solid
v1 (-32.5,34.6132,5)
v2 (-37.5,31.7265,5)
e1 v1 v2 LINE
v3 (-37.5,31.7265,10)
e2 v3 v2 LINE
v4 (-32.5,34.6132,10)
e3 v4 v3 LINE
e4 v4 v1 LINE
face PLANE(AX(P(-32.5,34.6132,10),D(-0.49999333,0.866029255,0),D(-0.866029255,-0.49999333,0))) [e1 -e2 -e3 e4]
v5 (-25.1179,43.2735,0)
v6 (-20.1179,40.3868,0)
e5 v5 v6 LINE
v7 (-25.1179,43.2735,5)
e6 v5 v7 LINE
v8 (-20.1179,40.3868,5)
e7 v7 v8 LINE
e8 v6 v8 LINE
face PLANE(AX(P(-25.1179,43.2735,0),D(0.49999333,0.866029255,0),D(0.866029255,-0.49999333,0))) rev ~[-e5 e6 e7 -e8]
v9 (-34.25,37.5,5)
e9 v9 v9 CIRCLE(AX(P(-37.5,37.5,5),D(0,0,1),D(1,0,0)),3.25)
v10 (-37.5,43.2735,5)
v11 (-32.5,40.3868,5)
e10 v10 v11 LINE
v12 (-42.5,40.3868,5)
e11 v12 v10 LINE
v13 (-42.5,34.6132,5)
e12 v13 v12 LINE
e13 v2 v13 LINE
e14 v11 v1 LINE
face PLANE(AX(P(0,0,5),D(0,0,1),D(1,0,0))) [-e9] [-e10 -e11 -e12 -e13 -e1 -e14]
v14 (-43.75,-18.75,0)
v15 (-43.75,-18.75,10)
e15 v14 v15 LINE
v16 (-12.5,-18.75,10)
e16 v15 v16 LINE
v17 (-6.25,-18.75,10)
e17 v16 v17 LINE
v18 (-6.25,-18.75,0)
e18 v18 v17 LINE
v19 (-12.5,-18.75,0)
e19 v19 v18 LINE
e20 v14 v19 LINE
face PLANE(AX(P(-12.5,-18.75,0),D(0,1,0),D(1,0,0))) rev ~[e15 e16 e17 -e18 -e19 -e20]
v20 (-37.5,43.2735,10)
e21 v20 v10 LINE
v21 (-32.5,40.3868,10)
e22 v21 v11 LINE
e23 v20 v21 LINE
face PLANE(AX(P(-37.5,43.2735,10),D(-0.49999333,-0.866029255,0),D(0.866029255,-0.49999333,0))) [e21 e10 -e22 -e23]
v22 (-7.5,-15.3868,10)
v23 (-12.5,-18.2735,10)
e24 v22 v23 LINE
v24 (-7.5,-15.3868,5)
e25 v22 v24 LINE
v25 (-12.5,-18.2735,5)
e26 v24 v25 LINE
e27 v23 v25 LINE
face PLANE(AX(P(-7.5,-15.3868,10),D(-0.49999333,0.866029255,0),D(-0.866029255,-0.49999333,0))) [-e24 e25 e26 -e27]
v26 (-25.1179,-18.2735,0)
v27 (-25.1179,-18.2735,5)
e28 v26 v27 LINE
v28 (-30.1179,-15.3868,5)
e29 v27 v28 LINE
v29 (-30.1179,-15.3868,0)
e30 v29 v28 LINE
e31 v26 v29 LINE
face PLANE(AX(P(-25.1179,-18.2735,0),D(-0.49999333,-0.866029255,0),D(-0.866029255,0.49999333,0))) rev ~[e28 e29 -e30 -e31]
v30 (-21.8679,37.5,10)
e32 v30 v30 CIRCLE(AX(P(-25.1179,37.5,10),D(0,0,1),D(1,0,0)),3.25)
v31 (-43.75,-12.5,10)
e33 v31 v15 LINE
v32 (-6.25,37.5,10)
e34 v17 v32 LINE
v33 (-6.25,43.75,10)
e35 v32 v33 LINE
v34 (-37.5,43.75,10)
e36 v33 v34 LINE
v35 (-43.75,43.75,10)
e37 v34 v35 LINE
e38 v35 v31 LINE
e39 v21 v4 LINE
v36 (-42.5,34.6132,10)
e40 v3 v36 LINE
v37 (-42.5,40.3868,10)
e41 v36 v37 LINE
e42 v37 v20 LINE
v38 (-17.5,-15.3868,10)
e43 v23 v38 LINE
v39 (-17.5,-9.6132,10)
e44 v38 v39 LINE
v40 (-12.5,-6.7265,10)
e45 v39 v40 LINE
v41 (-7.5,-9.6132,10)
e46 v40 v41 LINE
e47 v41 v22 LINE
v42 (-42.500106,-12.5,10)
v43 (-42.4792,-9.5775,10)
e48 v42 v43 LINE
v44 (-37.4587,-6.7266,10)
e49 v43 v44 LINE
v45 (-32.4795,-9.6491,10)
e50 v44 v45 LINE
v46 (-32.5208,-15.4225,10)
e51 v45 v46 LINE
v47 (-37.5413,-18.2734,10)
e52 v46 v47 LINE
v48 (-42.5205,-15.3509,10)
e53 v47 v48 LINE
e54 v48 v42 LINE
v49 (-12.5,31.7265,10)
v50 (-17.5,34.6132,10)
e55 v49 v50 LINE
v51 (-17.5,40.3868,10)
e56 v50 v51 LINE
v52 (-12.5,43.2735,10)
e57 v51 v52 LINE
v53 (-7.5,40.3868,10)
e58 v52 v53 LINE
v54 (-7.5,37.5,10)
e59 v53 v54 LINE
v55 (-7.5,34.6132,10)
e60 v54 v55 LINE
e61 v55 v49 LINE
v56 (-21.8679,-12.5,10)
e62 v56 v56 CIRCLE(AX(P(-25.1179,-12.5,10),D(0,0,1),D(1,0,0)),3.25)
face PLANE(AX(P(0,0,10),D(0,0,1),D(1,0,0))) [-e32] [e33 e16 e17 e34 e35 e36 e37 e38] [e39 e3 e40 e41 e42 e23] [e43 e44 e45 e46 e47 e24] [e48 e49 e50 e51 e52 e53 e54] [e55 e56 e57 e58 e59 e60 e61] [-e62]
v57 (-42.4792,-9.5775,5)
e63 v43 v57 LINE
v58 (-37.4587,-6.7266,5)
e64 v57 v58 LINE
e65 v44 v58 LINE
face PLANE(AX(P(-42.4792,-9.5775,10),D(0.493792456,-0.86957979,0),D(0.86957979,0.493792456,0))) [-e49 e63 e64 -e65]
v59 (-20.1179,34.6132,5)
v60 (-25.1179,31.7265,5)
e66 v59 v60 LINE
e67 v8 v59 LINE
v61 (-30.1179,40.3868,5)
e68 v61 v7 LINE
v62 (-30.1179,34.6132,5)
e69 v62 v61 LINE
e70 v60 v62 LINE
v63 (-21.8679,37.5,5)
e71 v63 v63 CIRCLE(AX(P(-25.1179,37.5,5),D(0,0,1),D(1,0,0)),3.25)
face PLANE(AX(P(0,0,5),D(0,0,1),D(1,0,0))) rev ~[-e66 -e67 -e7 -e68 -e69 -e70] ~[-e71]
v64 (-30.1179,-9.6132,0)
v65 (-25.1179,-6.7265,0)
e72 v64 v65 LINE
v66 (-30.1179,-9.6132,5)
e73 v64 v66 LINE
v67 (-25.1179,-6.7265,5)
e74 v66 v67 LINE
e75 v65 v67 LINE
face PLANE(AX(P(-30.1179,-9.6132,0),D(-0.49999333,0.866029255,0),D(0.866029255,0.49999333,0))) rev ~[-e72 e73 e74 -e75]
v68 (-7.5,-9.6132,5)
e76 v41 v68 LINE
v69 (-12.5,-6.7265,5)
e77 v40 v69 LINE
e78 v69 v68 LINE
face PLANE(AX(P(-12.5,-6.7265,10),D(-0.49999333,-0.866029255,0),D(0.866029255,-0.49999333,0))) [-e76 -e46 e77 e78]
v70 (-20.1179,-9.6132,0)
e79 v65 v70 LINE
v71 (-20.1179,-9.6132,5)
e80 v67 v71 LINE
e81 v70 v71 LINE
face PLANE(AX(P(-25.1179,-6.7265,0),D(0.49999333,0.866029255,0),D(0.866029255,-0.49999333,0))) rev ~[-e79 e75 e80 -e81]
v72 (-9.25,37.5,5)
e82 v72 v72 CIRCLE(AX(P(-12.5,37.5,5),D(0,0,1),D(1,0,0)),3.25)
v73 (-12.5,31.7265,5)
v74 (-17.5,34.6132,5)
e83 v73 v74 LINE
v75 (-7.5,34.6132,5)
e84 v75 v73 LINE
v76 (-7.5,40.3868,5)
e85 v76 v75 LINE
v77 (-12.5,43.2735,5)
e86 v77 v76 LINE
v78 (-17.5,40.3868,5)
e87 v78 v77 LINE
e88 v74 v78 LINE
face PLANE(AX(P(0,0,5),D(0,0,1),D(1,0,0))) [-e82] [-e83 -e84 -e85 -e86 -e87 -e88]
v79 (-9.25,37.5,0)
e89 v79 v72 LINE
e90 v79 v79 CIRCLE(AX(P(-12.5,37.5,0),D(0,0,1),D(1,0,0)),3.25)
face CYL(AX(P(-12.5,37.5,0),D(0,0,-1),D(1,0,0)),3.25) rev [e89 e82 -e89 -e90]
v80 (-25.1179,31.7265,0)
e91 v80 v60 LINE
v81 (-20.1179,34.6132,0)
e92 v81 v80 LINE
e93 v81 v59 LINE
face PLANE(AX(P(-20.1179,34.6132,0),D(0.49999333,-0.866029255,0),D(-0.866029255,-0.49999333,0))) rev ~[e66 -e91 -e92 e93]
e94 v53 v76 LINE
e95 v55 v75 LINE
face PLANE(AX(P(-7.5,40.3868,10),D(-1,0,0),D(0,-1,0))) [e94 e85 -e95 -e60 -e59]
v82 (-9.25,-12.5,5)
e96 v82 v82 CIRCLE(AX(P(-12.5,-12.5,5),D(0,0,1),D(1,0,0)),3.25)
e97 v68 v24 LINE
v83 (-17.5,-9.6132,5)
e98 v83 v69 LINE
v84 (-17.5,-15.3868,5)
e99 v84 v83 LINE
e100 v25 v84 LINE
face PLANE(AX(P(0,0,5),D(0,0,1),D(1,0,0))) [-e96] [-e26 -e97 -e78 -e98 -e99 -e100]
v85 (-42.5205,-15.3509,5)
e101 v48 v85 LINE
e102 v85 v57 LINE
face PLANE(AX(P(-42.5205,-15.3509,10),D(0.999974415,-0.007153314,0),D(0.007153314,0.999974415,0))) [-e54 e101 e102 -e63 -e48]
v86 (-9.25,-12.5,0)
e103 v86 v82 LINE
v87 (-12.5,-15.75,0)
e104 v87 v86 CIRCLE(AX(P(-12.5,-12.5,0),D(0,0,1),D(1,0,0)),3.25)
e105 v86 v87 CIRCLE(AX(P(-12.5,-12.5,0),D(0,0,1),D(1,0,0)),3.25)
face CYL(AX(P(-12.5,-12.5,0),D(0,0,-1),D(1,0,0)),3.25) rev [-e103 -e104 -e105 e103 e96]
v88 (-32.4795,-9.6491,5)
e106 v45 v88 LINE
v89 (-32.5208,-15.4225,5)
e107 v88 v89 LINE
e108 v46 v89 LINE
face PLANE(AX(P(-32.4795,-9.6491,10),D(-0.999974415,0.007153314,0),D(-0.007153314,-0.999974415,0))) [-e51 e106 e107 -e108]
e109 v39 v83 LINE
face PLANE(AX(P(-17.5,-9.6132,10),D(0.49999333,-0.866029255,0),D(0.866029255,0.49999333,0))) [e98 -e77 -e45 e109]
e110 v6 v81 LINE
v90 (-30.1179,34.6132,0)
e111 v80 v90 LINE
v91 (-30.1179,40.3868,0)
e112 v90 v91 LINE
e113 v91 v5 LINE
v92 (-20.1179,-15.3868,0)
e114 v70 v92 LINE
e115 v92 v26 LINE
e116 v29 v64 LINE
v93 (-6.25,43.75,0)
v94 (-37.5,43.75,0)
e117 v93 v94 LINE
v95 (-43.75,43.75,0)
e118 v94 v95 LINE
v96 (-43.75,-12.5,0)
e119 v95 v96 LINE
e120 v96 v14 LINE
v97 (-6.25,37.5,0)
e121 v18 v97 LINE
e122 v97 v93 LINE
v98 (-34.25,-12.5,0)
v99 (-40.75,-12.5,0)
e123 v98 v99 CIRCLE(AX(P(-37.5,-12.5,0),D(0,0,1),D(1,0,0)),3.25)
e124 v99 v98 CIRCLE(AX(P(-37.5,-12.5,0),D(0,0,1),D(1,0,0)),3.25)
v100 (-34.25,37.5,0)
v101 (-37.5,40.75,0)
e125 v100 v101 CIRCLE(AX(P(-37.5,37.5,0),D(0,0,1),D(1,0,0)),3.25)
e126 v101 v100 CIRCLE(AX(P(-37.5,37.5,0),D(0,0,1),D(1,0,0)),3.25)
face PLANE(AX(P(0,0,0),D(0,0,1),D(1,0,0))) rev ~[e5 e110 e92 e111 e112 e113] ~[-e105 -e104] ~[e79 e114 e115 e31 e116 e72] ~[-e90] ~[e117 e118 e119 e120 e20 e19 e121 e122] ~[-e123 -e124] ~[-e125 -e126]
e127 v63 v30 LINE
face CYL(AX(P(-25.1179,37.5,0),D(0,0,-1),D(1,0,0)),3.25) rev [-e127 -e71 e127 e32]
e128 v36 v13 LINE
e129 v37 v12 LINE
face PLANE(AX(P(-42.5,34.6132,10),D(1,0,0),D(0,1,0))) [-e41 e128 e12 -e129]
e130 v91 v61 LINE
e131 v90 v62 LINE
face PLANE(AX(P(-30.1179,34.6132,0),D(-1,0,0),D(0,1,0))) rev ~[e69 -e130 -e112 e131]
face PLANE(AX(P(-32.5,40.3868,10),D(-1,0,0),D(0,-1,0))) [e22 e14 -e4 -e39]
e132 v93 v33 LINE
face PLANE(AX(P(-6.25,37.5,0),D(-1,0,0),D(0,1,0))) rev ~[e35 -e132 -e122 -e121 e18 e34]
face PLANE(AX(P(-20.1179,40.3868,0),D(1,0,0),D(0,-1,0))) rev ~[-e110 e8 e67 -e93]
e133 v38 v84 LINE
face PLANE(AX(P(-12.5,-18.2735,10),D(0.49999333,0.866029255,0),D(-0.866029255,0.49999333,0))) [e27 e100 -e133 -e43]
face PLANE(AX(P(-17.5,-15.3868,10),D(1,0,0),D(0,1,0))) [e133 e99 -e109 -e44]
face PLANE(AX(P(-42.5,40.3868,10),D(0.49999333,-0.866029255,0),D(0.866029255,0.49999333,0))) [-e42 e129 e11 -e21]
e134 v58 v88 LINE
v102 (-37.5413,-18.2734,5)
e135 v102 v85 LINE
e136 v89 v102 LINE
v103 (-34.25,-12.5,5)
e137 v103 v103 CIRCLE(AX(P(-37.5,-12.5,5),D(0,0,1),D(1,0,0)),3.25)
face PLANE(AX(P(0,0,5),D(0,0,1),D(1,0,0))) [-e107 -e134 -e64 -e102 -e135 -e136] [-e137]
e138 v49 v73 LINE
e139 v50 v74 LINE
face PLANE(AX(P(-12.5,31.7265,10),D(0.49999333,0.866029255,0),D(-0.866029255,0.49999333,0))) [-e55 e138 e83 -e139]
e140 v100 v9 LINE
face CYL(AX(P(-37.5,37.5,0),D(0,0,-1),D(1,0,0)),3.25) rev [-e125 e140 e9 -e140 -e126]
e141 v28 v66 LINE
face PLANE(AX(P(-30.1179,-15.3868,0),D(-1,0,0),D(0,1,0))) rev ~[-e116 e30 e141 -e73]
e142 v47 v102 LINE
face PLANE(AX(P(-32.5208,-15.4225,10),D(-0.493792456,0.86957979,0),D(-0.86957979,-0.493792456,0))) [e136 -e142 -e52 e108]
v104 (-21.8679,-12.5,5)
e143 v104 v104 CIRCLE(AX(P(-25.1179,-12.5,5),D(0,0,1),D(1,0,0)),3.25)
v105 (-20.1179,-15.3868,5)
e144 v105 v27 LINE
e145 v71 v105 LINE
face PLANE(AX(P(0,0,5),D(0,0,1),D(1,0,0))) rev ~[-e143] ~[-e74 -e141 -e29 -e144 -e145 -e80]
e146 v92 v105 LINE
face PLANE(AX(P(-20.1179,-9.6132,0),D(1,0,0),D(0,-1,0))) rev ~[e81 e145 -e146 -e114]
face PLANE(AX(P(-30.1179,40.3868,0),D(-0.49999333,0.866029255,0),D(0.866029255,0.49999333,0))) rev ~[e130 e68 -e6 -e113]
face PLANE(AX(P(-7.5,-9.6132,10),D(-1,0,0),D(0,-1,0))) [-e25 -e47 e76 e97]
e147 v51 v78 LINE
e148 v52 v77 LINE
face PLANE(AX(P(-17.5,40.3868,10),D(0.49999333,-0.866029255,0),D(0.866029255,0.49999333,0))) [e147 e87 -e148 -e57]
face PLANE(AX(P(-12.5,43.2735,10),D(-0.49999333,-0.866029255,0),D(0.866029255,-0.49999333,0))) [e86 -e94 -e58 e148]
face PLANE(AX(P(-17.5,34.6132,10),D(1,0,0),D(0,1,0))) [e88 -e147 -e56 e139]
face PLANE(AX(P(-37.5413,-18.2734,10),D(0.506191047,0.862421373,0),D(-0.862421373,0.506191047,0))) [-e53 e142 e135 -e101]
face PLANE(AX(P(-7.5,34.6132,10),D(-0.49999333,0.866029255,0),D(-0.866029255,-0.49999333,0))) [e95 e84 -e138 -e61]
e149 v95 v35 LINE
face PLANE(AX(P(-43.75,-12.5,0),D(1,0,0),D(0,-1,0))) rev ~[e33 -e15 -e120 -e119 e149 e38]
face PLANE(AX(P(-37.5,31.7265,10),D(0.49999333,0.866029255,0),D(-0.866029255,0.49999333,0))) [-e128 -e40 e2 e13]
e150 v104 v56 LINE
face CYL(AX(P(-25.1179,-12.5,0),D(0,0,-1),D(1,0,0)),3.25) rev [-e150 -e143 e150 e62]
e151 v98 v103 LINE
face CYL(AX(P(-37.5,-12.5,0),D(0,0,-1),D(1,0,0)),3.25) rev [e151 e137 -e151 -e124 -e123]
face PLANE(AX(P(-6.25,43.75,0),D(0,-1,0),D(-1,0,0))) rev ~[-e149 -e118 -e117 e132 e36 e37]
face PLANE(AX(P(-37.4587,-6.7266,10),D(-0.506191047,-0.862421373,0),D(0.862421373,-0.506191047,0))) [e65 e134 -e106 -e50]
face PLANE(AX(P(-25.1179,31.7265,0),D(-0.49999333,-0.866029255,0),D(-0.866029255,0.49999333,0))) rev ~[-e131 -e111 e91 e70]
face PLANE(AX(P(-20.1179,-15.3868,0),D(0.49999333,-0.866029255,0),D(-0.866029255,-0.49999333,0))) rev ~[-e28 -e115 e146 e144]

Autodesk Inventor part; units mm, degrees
ref_plane "YZ Plane" through (0, 0, 0) normal (1, 0, 0) x (0, 1, 0)
ref_plane "XZ Plane" through (0, 0, 0) normal (0, 1, 0) x (-1, 0, 0)
ref_plane "XY Plane" through (0, 0, 0) normal (0, 0, 1) x (1, 0, 0)
sketch "Sketch1" plane through (0, 0, 0) normal (0, 0, 1) x (1, 0, 0)
  line L0 (-6.25, 43.75) -> (-43.75, 43.75)
  line L1 (-43.75, 43.75) -> (-43.75, -18.75)
  line L2 (-43.75, -18.75) -> (-6.25, -18.75)
  line L3 (-6.25, -18.75) -> (-6.25, 43.75)
  circle A0 centre (-12.5, 37.5) radius 3.25
  circle A1 centre (-37.5, 37.5) radius 3.25
  circle A2 centre (-37.5, -12.5) radius 3.25
  line L4 (-12.5, 37.5) -> (-6.25, 37.5)
  line L5 (-12.5, -12.5) -> (-12.5, -18.75)
  line L6 (-37.5, 37.5) -> (-37.5, 43.75)
  line L7 (-37.5, -12.5) -> (-43.75, -12.5)
  circle A3 centre (-12.5, -12.5) radius 3.25
  circle A4 centre (-25.1179, 37.5) radius 3.25
  circle A5 centre (-25.1179, -12.5) radius 3.25
  line L8 (-25.1179, 31.7265) -> (-30.1179, 34.6132)
  line L9 (-30.1179, 34.6132) -> (-30.1179, 40.3868)
  line L10 (-30.1179, 40.3868) -> (-25.1179, 43.2735)
  line L11 (-25.1179, 43.2735) -> (-20.1179, 40.3868)
  line L12 (-20.1179, 40.3868) -> (-20.1179, 34.6132)
  line L13 (-20.1179, 34.6132) -> (-25.1179, 31.7265)
  line L14 (-25.1179, -6.7265) -> (-20.1179, -9.6132)
  line L15 (-20.1179, -9.6132) -> (-20.1179, -15.3868)
  line L16 (-20.1179, -15.3868) -> (-25.1179, -18.2735)
  line L17 (-25.1179, -18.2735) -> (-30.1179, -15.3868)
  line L18 (-30.1179, -15.3868) -> (-30.1179, -9.6132)
  line L19 (-30.1179, -9.6132) -> (-25.1179, -6.7265)
  point P0 (0, 0)
  point P1 (-20.1179, 37.5)
  point P2 (-30.1179, 37.5)
  point P3 (-20.1179, -12.5)
  point P4 (-30.1179, -12.5)
  dimension "d1" = 6.25
  dimension "d42" = 6.5
  dimension "d43" = 6.5
  dimension "d44" = 10
  dimension "d45" = 10
extrude "Extrusion1" add sketch "Sketch1" along normal blind 10 contours L3 L2 L1 L0 | L8 L9 L10 L11 L12 L13 | L14 L15 L16 L17 L18 L19
sketch "Sketch2" plane through (0, 0, 10) normal (0, 0, 1) x (1, 0, 0)
  circle A0 centre (-12.5, 37.5) radius 3.25 projected
  circle A1 centre (-37.5, 37.5) radius 3.25 projected
  circle A2 centre (-37.5, -12.5) radius 3.25 projected
  circle A3 centre (-12.5, -12.5) radius 3.25 projected
  line L0 (-12.5, 31.7265) -> (-17.5, 34.6132)
  line L1 (-17.5, 34.6132) -> (-17.5, 40.3868)
  line L2 (-17.5, 40.3868) -> (-12.5, 43.2735)
  line L3 (-12.5, 43.2735) -> (-7.5, 40.3868)
  line L4 (-7.5, 40.3868) -> (-7.5, 34.6132)
  line L5 (-7.5, 34.6132) -> (-12.5, 31.7265)
  line L6 (-37.5, 31.7265) -> (-42.5, 34.6132)
  line L7 (-42.5, 34.6132) -> (-42.5, 40.3868)
  line L8 (-42.5, 40.3868) -> (-37.5, 43.2735)
  line L9 (-37.5, 43.2735) -> (-32.5, 40.3868)
  line L10 (-32.5, 40.3868) -> (-32.5, 34.6132)
  line L11 (-32.5, 34.6132) -> (-37.5, 31.7265)
  line L12 (-32.5208, -15.4225) -> (-37.5413, -18.2734)
  line L13 (-37.5413, -18.2734) -> (-42.5205, -15.3509)
  line L14 (-42.5205, -15.3509) -> (-42.4792, -9.5775)
  line L15 (-42.4792, -9.5775) -> (-37.4587, -6.7266)
  line L16 (-37.4587, -6.7266) -> (-32.4795, -9.6491)
  line L17 (-32.4795, -9.6491) -> (-32.5208, -15.4225)
  line L18 (-12.5, -6.7265) -> (-7.5, -9.6132)
  line L19 (-7.5, -9.6132) -> (-7.5, -15.3868)
  line L20 (-7.5, -15.3868) -> (-12.5, -18.2735)
  line L21 (-12.5, -18.2735) -> (-17.5, -15.3868)
  line L22 (-17.5, -15.3868) -> (-17.5, -9.6132)
  line L23 (-17.5, -9.6132) -> (-12.5, -6.7265)
  dimension "d33" = 10
  dimension "d34" = 10
  dimension "d35" = 10
  dimension "d36" = 10
extrude "Extrusion2" cut sketch "Sketch2" against normal blind 5
extrude "Extrusion5" cut sketch "Sketch1" along normal blind 5 contours L8 L9 L10 L11 L12 L13 | L14 L15 L16 L17 L18 L19
properties part number "print_head_mount"
